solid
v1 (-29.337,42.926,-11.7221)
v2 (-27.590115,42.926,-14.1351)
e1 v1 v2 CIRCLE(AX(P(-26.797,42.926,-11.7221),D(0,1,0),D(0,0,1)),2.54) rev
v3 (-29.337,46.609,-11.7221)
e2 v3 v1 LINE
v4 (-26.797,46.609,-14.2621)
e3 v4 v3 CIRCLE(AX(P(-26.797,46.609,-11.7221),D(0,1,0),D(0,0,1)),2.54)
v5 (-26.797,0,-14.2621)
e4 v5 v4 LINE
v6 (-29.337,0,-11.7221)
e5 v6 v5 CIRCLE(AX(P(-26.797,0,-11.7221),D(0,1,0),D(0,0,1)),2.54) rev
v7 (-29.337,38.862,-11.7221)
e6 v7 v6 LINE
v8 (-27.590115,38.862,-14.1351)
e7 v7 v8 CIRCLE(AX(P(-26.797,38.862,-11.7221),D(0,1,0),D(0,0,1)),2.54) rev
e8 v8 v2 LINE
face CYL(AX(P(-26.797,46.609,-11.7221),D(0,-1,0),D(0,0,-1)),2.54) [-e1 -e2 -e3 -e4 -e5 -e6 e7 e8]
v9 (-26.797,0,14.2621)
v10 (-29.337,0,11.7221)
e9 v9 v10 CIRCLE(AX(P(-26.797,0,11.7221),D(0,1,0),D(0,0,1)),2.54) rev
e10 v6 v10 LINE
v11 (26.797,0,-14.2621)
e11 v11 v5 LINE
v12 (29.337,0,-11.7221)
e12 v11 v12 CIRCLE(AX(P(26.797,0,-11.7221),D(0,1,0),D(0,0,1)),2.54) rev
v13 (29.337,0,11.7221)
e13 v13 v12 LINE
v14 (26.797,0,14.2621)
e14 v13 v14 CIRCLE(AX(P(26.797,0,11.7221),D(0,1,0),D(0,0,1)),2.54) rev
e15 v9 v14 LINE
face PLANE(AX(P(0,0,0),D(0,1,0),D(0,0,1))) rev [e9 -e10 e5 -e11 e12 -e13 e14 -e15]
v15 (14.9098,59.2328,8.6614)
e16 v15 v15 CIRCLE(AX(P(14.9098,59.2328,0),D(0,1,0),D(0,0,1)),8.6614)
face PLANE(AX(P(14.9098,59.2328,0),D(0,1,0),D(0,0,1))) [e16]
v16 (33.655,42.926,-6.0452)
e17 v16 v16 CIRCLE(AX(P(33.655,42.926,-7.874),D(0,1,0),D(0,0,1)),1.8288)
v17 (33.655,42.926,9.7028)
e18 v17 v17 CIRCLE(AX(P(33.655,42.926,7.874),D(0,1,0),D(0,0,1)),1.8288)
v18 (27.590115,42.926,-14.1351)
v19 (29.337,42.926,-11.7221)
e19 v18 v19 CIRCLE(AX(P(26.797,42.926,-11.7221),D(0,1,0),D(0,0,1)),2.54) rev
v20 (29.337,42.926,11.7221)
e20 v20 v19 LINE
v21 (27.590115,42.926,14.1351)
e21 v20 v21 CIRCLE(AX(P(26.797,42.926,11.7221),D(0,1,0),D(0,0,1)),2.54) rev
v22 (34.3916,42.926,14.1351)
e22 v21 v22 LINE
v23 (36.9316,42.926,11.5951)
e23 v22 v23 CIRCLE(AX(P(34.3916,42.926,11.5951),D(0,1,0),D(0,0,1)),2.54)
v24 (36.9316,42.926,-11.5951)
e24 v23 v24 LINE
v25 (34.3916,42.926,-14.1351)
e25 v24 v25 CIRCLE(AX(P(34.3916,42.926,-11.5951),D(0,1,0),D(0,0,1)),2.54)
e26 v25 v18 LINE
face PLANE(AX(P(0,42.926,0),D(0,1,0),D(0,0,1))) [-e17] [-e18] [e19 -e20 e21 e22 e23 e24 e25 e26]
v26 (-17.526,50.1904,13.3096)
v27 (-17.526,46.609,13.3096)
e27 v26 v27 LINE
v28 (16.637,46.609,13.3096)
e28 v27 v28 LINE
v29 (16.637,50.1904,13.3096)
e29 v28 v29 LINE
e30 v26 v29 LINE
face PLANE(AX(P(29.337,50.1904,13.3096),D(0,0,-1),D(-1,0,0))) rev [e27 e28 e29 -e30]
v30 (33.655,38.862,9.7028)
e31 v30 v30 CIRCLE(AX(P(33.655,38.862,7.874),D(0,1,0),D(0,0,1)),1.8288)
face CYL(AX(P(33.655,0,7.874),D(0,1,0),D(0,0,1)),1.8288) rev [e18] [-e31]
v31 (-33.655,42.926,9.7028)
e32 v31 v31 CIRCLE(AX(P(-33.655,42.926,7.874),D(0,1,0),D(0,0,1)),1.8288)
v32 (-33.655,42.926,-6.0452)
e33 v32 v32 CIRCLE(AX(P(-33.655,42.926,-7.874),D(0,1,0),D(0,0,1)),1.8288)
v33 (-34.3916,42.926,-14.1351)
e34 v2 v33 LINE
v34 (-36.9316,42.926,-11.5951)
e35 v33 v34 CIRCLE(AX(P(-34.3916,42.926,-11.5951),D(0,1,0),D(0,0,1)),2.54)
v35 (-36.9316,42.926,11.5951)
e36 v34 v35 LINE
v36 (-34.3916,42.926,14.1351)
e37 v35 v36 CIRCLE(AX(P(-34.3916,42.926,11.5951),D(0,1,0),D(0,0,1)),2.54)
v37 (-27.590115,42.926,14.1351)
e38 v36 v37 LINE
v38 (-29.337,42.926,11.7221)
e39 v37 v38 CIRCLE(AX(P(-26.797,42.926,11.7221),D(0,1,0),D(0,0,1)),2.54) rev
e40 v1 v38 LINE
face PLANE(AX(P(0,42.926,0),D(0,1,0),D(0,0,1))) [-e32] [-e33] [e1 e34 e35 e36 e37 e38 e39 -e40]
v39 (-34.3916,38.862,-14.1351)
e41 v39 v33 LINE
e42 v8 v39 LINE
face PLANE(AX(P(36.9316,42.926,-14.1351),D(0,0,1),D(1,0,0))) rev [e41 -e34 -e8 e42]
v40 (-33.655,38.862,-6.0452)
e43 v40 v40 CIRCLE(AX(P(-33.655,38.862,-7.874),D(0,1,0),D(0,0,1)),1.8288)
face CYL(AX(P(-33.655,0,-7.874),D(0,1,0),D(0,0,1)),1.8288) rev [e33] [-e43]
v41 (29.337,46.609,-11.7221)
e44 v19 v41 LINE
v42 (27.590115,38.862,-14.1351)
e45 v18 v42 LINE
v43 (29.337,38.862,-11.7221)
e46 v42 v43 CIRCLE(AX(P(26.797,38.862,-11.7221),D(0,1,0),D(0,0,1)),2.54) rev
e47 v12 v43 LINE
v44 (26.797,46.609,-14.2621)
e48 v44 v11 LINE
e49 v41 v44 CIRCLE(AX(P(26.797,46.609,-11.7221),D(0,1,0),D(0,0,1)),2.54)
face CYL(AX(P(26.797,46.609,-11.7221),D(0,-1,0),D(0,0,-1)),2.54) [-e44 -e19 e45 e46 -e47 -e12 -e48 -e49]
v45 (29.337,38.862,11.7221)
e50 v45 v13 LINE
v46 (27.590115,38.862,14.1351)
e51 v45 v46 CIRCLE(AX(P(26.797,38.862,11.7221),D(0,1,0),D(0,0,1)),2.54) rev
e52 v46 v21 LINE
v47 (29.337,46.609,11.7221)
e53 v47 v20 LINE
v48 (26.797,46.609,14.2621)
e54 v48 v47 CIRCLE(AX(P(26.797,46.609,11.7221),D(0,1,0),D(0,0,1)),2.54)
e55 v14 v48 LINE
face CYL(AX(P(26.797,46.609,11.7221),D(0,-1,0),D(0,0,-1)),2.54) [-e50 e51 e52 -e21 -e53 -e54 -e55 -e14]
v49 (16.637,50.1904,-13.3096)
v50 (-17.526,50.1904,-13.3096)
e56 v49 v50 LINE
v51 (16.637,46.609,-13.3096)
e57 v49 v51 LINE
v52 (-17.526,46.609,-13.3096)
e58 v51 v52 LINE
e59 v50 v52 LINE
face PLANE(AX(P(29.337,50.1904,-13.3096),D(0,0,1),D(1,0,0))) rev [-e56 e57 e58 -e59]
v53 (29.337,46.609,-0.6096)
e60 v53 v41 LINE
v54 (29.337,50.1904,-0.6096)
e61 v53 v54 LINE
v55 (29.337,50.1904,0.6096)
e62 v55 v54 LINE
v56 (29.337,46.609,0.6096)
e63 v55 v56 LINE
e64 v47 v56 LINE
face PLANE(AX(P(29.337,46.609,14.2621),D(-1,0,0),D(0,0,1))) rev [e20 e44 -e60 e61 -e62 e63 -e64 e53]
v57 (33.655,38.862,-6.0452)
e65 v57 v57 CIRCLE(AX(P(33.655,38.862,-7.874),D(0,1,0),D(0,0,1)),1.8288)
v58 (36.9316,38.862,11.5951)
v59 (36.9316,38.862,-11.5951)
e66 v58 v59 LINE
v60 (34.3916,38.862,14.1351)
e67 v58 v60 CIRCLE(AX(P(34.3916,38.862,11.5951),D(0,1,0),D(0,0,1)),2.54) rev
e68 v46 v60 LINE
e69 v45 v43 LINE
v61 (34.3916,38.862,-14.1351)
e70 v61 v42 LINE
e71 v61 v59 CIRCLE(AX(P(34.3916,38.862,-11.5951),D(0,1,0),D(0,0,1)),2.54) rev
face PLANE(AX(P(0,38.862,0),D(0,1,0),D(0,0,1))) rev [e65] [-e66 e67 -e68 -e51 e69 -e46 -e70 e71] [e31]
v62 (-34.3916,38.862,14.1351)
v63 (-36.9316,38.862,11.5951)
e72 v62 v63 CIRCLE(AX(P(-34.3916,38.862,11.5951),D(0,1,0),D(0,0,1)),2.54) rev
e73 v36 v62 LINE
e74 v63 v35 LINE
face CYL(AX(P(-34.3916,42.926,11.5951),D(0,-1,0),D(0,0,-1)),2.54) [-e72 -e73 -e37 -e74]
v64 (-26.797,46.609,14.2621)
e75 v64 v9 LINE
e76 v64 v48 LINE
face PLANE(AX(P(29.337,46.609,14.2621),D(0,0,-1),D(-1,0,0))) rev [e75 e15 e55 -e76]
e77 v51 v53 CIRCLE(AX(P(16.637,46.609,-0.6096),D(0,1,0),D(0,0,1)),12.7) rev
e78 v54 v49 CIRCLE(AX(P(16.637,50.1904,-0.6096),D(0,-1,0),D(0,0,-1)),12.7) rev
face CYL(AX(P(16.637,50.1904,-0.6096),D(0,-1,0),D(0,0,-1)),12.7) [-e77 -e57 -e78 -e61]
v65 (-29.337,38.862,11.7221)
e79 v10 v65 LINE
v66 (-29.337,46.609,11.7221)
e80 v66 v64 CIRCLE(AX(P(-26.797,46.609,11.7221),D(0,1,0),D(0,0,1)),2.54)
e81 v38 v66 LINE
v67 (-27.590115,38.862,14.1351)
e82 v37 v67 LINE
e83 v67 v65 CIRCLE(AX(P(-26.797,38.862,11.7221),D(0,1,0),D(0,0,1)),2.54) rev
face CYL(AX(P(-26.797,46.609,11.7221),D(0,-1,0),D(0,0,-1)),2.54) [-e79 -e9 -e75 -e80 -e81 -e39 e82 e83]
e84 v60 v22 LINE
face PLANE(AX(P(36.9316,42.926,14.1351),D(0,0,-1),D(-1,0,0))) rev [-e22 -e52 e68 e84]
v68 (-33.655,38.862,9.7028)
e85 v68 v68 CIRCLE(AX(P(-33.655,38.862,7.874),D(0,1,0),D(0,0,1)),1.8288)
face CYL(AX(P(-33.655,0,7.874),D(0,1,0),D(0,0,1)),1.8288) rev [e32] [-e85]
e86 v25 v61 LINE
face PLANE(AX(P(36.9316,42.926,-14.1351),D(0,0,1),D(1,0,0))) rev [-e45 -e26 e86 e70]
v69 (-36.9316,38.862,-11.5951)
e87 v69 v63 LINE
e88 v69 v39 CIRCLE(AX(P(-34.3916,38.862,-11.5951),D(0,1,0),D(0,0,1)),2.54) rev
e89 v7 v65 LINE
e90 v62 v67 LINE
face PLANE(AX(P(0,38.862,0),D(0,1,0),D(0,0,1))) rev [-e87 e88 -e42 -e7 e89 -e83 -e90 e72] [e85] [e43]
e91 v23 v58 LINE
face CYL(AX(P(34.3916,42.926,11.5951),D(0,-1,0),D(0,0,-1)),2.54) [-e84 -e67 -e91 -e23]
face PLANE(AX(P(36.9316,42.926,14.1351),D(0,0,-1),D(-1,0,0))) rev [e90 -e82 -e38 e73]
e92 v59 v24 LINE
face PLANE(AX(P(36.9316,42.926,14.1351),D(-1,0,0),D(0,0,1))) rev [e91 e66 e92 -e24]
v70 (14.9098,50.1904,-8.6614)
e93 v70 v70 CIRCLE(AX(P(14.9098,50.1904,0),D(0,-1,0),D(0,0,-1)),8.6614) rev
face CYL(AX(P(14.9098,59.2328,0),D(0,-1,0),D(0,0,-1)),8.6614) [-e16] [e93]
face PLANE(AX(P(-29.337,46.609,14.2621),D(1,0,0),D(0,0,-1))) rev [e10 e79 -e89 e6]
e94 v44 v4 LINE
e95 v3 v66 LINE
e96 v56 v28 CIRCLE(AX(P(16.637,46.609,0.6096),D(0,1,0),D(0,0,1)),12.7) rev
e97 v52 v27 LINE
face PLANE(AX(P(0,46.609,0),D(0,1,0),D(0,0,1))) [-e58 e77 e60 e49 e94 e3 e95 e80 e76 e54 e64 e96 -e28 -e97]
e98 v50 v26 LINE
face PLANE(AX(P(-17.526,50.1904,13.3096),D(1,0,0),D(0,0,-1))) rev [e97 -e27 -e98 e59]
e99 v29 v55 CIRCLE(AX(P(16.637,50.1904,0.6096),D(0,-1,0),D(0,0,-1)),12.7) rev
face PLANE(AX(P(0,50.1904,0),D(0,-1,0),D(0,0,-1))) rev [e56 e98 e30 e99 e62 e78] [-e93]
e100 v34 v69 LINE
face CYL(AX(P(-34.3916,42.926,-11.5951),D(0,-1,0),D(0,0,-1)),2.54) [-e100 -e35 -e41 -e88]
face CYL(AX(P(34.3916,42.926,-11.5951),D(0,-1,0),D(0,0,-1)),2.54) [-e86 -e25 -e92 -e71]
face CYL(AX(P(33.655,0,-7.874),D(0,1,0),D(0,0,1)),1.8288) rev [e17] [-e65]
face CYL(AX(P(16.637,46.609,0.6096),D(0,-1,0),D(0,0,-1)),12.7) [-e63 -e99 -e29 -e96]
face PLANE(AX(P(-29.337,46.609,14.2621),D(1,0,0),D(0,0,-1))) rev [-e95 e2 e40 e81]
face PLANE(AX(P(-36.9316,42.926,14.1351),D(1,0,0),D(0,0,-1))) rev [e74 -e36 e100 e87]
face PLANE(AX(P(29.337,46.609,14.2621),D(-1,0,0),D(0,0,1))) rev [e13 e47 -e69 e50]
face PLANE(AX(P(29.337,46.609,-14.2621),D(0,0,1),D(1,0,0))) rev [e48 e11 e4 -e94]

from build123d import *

# Parameters (mm, degrees)
SKETCH1_W           = 58.674
SKETCH1_H           = 28.5242
BOSS_EXTRUDE1_DEPTH = 46.609
SKETCH2_W           = 46.863
SKETCH2_H           = 26.6192
BOSS_EXTRUDE2_DEPTH = 3.5814
FILLET1_R           = 12.7
FILLET2_R           = 2.54
BOSS_EXTRUDE3_START = -7.747
SKETCH3_W           = 73.8632
SKETCH3_H           = 28.2702
BOSS_EXTRUDE3_DEPTH = 4.064
FILLET3_R           = 2.54
SKETCH4_R           = 1.8288
CUT_EXTRUDE1_DEPTH  = 43.926
SKETCH5_R           = 8.6614
BOSS_EXTRUDE4_DEPTH = 12.6238


with BuildPart() as part:
    # Sketch1 → Boss-Extrude1 (new body)
    with BuildSketch(Plane(origin=(0, 0, 0), x_dir=(1, 0, 0), z_dir=(0, 1, 0))):
        Rectangle(SKETCH1_W, SKETCH1_H)
    extrude(amount=BOSS_EXTRUDE1_DEPTH)

    # Sketch2 → Boss-Extrude2 (add)
    with BuildSketch(Plane(origin=(0, 46.609, 0), x_dir=(1, 0, 0), z_dir=(0, 1, 0))):
        with Locations((5.9055, 0)):
            Rectangle(SKETCH2_W, SKETCH2_H)
    extrude(amount=BOSS_EXTRUDE2_DEPTH)

    # Fillet1
    fillet1_edges = [part.edges().sort_by_distance(p)[0] for p in [
        (29.337, 48.3997, 13.3096),
        (29.337, 48.3997, -13.3096),
    ]]
    fillet(fillet1_edges, radius=FILLET1_R)

    # Fillet2
    fillet2_edges = [part.edges().sort_by_distance(p)[0] for p in [
        (29.337, 23.3045, 14.2621),
        (29.337, 23.3045, -14.2621),
        (-29.337, 23.3045, -14.2621),
        (-29.337, 23.3045, 14.2621),
    ]]
    fillet(fillet2_edges, radius=FILLET2_R)

    # Sketch3 → Boss-Extrude3 (add)
    with BuildSketch(Plane(origin=(0, 46.609, 0), x_dir=(1, 0, 0), z_dir=(0, 1, 0)).offset(BOSS_EXTRUDE3_START)):
        Rectangle(SKETCH3_W, SKETCH3_H)
    extrude(amount=BOSS_EXTRUDE3_DEPTH)

    # Fillet3
    fillet3_edges = [part.edges().sort_by_distance(p)[0] for p in [
        (36.9316, 40.894, -14.1351),
        (-36.9316, 40.894, -14.1351),
        (-36.9316, 40.894, 14.1351),
        (36.9316, 40.894, 14.1351),
    ]]
    fillet(fillet3_edges, radius=FILLET3_R)

    # Sketch4 → Cut-Extrude1 (cut, through all)
    with BuildSketch(Plane(origin=(0, 42.926, 0), x_dir=(1, 0, 0), z_dir=(0, 1, 0))):
        with Locations((-33.655, 7.874)):
            Circle(SKETCH4_R)
        with Locations((-33.655, -7.874)):
            Circle(SKETCH4_R)
        with Locations((33.655, -7.874)):
            Circle(SKETCH4_R)
        with Locations((33.655, 7.874)):
            Circle(SKETCH4_R)
    extrude(amount=-CUT_EXTRUDE1_DEPTH, mode=Mode.SUBTRACT)

    # Sketch5 → Boss-Extrude4 (add)
    with BuildSketch(Plane(origin=(0, 46.609, 0), x_dir=(1, 0, 0), z_dir=(0, 1, 0))):
        with Locations((14.9098, 0)):
            Circle(SKETCH5_R)
    extrude(amount=BOSS_EXTRUDE4_DEPTH)


solid = part.part
